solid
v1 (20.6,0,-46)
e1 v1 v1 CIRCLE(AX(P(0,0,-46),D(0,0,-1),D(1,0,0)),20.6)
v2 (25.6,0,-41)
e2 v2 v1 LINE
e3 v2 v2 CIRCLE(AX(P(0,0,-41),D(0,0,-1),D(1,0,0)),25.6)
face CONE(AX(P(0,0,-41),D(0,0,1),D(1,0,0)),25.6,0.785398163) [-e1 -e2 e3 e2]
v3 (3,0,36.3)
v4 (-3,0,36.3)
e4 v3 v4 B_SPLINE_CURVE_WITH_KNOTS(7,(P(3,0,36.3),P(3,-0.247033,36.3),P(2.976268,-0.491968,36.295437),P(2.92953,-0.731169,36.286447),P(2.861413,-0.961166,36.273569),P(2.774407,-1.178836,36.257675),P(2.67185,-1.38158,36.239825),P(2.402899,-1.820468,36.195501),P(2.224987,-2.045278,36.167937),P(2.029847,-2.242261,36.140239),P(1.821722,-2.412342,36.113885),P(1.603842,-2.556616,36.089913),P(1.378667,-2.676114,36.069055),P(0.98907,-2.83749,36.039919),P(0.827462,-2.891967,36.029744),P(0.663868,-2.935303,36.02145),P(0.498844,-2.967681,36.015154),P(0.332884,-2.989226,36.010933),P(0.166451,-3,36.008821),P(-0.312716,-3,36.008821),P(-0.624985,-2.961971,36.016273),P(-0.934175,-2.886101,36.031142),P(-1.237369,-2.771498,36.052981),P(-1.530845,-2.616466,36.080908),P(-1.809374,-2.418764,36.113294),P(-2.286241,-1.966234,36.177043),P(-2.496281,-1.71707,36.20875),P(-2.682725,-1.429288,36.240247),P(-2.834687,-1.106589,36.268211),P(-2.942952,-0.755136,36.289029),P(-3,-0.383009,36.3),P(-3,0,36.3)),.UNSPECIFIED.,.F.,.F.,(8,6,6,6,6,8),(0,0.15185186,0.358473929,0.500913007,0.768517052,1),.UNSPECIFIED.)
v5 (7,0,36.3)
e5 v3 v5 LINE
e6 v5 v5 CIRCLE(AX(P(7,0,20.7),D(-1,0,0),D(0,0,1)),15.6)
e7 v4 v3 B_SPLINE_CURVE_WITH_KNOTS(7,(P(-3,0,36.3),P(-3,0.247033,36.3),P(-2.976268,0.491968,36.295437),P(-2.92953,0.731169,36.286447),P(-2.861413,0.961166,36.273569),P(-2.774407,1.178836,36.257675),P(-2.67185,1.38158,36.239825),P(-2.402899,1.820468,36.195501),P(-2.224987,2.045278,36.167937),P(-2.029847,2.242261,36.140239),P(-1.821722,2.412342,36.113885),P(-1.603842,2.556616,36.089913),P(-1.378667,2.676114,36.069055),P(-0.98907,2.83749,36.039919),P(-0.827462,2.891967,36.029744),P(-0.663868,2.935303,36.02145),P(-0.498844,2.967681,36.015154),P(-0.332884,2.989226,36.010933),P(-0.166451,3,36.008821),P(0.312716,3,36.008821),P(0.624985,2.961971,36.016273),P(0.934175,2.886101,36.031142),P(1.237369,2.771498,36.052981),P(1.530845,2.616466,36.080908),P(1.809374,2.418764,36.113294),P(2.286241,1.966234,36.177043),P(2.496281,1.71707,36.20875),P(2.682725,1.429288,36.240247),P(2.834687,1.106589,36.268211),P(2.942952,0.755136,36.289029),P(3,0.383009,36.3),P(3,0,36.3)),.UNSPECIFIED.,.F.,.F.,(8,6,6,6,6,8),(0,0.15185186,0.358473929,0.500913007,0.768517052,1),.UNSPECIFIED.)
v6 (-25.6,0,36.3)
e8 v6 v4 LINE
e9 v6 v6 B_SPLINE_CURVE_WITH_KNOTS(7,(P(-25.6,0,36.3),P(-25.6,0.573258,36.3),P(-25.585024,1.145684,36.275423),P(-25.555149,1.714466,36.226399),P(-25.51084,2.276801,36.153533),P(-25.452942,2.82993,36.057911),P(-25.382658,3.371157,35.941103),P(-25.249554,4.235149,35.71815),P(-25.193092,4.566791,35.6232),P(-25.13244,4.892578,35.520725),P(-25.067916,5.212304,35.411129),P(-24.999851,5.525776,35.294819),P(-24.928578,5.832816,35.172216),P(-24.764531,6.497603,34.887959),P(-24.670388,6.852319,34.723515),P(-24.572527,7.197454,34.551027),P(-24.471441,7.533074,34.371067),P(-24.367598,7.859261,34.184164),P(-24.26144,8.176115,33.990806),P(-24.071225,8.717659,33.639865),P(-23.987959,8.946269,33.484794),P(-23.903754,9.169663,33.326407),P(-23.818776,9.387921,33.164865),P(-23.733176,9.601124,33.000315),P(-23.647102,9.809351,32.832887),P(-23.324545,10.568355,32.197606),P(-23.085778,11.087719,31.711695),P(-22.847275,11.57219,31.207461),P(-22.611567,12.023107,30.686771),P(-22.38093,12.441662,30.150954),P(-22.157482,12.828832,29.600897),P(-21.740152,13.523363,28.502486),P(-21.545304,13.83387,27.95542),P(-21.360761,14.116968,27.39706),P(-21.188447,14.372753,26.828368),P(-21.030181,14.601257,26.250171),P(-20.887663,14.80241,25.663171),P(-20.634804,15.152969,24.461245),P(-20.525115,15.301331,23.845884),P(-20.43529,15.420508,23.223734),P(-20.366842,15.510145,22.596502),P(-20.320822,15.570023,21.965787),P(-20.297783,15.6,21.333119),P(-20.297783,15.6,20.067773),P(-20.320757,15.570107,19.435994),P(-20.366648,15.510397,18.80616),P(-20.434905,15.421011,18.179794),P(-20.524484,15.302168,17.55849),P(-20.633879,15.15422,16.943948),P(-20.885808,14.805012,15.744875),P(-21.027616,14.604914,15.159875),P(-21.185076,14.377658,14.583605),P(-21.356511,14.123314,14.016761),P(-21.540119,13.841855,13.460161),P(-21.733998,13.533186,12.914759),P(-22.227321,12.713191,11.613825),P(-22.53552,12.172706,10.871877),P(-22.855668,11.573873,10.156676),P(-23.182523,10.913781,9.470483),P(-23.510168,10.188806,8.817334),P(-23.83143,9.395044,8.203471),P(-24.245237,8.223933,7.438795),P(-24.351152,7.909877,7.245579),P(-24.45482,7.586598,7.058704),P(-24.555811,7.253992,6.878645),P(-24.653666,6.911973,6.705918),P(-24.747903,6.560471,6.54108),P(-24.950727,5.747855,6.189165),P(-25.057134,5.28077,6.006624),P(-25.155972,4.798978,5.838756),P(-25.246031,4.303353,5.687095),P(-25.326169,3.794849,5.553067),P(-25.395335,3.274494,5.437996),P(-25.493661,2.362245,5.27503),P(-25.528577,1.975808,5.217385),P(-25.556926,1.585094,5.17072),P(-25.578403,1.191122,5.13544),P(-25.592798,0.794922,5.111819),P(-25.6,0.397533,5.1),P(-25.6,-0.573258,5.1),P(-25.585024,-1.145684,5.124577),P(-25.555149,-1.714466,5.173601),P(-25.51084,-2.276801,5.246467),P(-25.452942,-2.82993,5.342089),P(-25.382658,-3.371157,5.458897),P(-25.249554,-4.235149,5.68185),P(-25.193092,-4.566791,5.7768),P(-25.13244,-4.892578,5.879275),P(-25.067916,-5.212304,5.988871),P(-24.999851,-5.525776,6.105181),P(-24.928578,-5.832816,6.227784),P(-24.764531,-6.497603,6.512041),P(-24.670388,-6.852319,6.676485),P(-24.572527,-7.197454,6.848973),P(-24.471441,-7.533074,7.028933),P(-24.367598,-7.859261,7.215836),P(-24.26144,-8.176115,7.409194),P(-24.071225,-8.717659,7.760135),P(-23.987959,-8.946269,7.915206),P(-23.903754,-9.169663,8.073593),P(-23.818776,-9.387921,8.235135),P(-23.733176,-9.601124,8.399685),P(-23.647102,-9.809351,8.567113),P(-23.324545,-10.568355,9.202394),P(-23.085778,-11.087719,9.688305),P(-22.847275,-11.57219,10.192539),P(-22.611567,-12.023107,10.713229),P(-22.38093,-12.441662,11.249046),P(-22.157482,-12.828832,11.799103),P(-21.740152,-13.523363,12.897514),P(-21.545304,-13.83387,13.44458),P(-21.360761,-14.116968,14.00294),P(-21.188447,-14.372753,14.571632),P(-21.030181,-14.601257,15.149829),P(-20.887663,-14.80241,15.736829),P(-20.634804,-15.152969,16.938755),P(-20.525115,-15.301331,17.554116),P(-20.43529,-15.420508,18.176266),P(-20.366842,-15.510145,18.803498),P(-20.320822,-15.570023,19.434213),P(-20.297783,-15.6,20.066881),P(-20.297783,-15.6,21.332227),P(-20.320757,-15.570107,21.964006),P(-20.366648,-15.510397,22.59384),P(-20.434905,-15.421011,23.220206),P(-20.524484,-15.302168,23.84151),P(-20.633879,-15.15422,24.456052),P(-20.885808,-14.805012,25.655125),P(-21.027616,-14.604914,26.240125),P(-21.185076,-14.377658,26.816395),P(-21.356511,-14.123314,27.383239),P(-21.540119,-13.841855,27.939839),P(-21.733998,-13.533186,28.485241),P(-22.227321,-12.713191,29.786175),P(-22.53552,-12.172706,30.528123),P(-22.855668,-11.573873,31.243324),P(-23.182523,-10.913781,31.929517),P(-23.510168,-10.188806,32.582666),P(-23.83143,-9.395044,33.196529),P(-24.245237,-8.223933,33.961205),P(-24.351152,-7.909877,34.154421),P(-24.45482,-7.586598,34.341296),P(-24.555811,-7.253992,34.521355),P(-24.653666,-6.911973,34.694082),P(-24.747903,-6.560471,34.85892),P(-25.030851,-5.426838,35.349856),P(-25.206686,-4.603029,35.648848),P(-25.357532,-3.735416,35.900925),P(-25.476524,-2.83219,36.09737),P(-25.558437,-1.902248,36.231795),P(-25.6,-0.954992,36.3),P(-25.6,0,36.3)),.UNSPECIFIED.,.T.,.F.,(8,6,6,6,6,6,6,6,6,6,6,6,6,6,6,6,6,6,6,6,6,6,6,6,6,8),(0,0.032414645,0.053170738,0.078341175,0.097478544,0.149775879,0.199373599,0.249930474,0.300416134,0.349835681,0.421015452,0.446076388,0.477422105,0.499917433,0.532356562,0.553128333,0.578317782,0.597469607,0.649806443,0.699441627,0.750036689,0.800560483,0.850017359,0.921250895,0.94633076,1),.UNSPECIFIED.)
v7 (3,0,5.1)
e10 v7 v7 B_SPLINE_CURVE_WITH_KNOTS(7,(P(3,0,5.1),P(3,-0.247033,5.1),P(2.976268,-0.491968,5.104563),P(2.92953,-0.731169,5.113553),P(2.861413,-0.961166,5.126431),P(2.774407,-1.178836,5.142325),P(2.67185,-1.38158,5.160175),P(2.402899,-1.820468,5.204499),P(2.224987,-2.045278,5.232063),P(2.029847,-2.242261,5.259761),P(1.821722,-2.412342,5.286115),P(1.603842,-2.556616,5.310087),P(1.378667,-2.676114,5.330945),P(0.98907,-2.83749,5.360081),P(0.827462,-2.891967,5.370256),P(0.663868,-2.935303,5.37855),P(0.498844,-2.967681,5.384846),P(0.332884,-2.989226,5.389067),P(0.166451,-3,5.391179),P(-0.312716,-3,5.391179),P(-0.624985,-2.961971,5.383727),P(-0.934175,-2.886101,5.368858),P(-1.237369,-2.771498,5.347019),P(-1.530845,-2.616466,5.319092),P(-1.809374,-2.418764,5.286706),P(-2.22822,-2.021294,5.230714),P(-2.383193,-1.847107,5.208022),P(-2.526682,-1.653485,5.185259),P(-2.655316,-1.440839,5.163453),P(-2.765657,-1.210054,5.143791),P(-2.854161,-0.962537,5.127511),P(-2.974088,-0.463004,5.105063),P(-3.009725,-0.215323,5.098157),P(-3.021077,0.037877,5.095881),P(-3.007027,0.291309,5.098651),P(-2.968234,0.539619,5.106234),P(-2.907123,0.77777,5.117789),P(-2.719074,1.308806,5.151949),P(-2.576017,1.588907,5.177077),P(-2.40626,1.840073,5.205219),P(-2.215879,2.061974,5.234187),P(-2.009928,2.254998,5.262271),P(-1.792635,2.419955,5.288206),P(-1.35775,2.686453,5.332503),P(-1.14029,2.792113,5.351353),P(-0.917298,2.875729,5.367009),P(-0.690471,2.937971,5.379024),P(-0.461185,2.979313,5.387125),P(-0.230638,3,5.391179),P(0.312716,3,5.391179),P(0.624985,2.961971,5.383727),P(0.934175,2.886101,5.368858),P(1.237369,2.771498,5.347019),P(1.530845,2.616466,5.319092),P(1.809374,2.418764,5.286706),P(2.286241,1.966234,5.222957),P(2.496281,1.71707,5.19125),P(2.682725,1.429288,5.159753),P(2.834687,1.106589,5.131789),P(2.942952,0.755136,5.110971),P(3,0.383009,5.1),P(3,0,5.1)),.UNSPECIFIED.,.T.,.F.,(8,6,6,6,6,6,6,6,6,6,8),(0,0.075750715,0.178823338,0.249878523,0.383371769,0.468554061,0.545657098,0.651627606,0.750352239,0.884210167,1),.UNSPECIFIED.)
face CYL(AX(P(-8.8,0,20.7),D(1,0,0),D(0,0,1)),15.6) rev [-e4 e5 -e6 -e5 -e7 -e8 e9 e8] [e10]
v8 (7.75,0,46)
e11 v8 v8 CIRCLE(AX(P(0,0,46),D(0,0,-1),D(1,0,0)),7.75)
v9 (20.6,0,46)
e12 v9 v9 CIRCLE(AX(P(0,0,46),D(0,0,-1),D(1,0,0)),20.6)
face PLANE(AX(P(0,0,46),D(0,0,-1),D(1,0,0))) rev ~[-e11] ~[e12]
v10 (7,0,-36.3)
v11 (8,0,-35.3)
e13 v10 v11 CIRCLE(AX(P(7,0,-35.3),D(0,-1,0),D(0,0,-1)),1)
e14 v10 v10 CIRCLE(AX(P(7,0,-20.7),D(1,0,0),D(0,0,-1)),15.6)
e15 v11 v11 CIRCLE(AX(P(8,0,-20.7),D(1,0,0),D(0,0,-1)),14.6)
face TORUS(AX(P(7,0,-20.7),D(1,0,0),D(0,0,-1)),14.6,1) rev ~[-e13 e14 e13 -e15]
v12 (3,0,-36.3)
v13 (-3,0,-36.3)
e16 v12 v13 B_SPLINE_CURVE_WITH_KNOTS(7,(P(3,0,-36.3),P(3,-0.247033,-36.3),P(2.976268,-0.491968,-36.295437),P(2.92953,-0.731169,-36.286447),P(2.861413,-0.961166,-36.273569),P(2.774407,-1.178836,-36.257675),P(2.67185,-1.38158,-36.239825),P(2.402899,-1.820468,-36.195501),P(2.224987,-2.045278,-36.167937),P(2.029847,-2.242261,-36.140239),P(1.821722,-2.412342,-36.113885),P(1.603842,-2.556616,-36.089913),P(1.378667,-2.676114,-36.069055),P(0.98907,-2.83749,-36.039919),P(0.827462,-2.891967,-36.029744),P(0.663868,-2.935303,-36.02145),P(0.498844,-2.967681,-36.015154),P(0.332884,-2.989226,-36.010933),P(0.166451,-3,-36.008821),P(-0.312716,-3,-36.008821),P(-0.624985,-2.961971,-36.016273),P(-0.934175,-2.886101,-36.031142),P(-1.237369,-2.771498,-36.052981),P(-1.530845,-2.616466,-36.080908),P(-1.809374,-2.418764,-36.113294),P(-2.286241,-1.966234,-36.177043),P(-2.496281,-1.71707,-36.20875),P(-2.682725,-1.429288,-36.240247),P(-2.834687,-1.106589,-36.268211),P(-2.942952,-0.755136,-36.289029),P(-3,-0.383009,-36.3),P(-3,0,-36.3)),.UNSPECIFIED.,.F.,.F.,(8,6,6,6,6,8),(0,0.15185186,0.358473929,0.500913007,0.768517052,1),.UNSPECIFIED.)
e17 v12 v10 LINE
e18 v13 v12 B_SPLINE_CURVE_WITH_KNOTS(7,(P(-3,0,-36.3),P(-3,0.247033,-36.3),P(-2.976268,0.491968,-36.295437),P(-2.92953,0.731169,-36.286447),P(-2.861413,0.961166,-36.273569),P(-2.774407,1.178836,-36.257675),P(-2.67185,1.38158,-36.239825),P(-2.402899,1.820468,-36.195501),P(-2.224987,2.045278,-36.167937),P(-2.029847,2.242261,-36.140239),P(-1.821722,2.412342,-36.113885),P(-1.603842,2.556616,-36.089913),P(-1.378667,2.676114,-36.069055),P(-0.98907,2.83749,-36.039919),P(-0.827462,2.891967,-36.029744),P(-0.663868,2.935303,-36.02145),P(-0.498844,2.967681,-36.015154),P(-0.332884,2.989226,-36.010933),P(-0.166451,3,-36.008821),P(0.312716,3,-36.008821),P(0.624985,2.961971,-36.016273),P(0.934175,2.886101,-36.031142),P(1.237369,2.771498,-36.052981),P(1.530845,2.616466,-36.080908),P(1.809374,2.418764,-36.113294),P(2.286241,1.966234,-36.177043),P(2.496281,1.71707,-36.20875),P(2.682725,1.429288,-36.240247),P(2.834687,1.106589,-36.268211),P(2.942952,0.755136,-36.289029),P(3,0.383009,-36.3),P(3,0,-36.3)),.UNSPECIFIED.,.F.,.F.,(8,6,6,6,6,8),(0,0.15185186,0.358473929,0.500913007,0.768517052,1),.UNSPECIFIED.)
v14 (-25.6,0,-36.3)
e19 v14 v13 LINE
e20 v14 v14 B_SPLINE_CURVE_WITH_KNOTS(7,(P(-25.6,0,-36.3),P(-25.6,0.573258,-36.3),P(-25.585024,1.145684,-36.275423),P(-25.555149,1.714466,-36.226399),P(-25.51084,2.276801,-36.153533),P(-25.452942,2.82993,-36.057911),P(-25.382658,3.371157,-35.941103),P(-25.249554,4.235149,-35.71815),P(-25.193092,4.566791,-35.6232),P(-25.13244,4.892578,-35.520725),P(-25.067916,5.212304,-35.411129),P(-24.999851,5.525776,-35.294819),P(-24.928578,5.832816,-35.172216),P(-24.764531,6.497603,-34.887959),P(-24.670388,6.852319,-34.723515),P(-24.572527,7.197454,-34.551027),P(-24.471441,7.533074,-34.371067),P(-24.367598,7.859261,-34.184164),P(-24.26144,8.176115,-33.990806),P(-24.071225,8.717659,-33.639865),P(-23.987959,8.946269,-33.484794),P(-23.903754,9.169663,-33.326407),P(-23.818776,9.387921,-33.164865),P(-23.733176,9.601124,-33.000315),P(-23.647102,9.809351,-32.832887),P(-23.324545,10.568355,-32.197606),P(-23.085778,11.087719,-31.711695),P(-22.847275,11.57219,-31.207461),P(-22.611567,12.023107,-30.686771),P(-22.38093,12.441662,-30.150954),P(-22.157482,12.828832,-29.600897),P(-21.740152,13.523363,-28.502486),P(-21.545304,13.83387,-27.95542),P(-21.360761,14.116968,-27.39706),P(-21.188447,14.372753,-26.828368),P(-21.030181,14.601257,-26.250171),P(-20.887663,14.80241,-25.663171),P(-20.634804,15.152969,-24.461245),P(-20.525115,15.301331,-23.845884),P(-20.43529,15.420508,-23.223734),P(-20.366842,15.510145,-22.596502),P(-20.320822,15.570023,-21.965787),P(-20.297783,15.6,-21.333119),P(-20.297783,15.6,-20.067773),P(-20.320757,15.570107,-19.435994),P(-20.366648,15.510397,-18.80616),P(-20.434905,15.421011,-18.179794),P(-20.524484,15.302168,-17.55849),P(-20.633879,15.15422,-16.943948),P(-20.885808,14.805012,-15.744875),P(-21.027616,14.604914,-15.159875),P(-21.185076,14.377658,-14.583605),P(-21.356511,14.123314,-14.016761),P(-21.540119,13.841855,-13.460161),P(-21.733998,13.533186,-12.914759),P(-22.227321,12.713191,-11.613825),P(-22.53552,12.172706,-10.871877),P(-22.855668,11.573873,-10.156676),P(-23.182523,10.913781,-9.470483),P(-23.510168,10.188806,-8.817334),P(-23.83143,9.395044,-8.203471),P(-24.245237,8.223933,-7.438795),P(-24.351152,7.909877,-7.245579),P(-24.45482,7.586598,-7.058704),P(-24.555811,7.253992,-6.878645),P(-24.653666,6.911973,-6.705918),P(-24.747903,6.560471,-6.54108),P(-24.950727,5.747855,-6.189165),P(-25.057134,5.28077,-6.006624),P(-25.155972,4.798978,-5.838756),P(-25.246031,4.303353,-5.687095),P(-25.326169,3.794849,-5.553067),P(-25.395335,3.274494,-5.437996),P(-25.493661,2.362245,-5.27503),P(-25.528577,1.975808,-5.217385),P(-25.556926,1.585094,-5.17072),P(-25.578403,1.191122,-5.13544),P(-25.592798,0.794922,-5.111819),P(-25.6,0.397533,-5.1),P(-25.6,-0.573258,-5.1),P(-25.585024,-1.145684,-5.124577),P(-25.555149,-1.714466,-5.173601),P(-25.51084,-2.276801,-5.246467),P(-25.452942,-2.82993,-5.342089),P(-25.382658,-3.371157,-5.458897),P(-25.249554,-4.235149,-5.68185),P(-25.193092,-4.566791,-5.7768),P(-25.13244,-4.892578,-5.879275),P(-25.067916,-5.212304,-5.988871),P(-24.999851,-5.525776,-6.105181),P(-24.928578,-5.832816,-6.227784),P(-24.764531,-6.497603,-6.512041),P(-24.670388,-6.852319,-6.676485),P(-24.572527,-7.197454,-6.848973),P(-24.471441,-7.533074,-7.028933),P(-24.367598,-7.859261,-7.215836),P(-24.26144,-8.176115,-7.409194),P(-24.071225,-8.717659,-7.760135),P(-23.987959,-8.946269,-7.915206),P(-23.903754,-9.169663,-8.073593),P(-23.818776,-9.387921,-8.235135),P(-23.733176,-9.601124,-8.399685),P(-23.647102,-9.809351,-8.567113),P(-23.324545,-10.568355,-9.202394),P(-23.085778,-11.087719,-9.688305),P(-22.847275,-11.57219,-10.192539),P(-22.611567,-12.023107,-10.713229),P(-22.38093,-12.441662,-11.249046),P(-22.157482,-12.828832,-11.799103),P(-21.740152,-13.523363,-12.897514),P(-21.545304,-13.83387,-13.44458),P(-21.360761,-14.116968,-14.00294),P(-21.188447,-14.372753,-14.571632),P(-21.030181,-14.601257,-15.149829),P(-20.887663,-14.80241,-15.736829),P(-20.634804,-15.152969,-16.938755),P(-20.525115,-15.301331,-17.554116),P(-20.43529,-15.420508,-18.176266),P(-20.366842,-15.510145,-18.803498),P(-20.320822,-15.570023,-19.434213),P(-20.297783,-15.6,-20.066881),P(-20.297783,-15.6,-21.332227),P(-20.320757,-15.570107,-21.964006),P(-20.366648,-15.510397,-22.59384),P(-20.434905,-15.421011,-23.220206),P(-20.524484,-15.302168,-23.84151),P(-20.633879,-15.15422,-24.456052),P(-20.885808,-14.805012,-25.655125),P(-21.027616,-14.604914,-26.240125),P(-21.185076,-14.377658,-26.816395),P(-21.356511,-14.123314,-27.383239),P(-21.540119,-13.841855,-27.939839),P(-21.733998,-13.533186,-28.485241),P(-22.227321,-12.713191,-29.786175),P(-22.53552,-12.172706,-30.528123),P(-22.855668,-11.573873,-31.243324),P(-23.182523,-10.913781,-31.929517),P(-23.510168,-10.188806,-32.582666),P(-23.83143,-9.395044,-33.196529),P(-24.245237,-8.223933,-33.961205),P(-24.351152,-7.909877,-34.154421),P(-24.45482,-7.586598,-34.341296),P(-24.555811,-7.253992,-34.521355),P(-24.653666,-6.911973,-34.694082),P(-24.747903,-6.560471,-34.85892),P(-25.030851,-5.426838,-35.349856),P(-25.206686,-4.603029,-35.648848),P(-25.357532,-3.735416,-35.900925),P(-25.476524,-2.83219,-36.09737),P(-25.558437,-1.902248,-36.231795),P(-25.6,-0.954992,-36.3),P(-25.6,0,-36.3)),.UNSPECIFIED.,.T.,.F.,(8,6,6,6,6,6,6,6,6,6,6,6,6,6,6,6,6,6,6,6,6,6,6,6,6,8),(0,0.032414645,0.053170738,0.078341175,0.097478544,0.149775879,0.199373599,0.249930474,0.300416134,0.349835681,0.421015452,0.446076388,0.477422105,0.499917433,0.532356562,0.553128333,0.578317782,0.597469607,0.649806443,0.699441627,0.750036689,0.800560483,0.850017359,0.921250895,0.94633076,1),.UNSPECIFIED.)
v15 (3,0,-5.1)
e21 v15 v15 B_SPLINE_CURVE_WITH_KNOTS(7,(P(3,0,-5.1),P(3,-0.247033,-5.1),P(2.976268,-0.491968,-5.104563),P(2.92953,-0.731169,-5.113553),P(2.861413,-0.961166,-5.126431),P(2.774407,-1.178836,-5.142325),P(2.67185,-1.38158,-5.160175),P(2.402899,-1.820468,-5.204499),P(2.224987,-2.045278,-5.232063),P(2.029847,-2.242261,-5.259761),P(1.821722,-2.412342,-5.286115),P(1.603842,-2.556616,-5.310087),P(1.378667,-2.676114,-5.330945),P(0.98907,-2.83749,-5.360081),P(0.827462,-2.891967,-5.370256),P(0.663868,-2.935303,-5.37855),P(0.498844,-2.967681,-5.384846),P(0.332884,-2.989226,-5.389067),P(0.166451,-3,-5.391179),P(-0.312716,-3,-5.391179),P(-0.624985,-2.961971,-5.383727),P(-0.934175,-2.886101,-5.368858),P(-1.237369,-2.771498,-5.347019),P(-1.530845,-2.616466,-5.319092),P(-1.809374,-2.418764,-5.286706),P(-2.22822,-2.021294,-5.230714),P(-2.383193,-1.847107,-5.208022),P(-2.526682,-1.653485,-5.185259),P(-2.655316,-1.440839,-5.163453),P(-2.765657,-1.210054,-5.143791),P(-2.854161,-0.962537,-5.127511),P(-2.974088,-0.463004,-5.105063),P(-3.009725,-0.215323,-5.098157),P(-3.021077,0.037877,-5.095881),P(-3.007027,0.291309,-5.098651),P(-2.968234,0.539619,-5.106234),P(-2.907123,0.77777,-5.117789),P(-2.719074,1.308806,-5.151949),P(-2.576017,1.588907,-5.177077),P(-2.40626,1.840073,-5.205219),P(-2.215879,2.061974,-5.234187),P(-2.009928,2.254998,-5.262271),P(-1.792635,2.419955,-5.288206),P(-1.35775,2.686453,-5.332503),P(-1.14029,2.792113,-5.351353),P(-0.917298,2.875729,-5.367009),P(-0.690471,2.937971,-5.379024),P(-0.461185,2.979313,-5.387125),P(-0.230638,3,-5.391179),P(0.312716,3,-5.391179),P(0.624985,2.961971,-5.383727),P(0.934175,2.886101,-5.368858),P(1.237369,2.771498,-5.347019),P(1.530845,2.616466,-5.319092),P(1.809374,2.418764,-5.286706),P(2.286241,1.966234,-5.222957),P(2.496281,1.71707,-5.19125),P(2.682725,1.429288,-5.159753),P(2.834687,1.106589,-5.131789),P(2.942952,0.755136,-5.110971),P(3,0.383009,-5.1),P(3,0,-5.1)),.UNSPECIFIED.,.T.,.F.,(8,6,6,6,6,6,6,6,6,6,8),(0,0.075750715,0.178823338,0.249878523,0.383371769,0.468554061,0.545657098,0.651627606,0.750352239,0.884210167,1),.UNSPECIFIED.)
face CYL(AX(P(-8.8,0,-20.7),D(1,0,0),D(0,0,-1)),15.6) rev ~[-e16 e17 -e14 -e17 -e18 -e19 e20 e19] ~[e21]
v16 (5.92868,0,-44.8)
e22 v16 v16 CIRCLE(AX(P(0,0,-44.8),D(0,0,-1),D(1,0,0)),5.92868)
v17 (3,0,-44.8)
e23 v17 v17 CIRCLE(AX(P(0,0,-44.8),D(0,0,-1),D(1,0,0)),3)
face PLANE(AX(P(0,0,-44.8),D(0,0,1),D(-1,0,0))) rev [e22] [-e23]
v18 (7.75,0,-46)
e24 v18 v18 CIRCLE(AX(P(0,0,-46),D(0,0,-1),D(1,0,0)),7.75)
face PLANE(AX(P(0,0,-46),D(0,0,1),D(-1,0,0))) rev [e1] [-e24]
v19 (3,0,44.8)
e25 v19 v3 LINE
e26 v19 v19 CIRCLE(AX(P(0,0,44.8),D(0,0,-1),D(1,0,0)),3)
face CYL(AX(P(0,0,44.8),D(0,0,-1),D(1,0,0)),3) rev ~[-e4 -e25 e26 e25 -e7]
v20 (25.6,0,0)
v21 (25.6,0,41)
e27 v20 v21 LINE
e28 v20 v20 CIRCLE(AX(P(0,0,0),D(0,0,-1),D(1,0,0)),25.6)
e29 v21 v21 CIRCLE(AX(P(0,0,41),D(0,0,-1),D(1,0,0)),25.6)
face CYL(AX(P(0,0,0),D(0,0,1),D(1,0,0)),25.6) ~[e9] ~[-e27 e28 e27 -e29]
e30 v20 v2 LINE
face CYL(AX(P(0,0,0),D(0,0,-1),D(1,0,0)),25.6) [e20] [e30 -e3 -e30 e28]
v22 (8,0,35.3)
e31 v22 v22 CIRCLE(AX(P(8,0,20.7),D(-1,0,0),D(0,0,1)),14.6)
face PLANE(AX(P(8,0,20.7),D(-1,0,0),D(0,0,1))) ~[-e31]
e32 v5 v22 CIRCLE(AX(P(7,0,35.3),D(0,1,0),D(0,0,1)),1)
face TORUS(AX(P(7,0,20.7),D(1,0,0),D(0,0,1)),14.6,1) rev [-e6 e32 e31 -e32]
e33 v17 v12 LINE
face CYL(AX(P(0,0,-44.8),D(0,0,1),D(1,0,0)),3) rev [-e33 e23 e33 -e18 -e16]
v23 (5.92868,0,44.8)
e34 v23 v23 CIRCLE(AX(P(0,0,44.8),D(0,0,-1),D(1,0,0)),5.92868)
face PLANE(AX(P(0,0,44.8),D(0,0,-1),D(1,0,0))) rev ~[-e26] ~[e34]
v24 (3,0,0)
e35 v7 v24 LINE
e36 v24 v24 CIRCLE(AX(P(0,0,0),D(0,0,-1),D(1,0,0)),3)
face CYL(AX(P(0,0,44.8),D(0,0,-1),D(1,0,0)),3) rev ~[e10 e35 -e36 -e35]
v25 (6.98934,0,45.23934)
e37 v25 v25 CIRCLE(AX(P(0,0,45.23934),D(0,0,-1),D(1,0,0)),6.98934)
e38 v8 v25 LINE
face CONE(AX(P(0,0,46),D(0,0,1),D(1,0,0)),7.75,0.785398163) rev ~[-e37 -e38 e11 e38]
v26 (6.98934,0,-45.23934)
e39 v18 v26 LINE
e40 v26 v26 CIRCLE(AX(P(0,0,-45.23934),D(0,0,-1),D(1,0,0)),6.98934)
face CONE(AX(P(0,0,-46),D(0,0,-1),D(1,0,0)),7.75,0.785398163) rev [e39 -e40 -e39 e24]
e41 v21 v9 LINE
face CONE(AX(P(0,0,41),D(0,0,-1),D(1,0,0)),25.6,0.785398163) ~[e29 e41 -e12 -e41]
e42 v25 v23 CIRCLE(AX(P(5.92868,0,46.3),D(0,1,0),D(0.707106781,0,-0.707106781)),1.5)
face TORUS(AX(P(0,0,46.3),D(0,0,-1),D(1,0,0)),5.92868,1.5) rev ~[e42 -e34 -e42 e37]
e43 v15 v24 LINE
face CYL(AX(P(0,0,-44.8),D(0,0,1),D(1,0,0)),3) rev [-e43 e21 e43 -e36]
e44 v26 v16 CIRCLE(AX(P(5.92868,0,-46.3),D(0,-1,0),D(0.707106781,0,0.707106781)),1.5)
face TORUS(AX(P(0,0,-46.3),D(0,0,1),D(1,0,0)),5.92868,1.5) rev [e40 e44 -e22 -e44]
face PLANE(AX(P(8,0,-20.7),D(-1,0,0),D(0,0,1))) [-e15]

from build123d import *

# Parameters (mm, degrees)
F2_W = 33.6
F2_H = 15.6
F4_R = 1


with BuildPart() as f1:
    # F0 (on Front) → F1 (revolve)
    with BuildSketch(Plane.XZ):
        with BuildLine():
            Line((3, 44.8), (3, 0))
            Line((3, 0), (25.6, 0))
            Line((25.6, 0), (25.6, 41))
            Line((25.6, 41), (20.6, 46))
            Line((20.6, 46), (7.75, 46))
            Line((7.75, 46), (6.9893398282, 45.2393398282))
            ThreePointArc((6.9893398282, 45.2393398282), (6.502704805, 44.9141807012), (5.9286796564, 44.8))
            Line((5.9286796564, 44.8), (3, 44.8))
        make_face()
    revolve(axis=Axis((0, 0, -6.1797830276), (0, 0, -1)))

    # F2 (on Front) → F3 (revolve, cut)
    with BuildSketch(Plane.XZ):
        with Locations((-8.8, 28.5)):
            Rectangle(F2_W, F2_H)
    revolve(axis=Axis((-34.5689574801, 0, 20.7), (-1, 0, 0)), mode=Mode.SUBTRACT)

    # F4
    f4_edges = [f1.edges().sort_by_distance(p)[0] for p in [
        (8, 0, 5.1),
    ]]
    fillet(f4_edges, radius=F4_R)

    # F5: F1 across plane


with BuildPart() as f1_1:
    add(f1.part)
    add(f1.part.mirror(Plane.XY))


solid = f1_1.part
